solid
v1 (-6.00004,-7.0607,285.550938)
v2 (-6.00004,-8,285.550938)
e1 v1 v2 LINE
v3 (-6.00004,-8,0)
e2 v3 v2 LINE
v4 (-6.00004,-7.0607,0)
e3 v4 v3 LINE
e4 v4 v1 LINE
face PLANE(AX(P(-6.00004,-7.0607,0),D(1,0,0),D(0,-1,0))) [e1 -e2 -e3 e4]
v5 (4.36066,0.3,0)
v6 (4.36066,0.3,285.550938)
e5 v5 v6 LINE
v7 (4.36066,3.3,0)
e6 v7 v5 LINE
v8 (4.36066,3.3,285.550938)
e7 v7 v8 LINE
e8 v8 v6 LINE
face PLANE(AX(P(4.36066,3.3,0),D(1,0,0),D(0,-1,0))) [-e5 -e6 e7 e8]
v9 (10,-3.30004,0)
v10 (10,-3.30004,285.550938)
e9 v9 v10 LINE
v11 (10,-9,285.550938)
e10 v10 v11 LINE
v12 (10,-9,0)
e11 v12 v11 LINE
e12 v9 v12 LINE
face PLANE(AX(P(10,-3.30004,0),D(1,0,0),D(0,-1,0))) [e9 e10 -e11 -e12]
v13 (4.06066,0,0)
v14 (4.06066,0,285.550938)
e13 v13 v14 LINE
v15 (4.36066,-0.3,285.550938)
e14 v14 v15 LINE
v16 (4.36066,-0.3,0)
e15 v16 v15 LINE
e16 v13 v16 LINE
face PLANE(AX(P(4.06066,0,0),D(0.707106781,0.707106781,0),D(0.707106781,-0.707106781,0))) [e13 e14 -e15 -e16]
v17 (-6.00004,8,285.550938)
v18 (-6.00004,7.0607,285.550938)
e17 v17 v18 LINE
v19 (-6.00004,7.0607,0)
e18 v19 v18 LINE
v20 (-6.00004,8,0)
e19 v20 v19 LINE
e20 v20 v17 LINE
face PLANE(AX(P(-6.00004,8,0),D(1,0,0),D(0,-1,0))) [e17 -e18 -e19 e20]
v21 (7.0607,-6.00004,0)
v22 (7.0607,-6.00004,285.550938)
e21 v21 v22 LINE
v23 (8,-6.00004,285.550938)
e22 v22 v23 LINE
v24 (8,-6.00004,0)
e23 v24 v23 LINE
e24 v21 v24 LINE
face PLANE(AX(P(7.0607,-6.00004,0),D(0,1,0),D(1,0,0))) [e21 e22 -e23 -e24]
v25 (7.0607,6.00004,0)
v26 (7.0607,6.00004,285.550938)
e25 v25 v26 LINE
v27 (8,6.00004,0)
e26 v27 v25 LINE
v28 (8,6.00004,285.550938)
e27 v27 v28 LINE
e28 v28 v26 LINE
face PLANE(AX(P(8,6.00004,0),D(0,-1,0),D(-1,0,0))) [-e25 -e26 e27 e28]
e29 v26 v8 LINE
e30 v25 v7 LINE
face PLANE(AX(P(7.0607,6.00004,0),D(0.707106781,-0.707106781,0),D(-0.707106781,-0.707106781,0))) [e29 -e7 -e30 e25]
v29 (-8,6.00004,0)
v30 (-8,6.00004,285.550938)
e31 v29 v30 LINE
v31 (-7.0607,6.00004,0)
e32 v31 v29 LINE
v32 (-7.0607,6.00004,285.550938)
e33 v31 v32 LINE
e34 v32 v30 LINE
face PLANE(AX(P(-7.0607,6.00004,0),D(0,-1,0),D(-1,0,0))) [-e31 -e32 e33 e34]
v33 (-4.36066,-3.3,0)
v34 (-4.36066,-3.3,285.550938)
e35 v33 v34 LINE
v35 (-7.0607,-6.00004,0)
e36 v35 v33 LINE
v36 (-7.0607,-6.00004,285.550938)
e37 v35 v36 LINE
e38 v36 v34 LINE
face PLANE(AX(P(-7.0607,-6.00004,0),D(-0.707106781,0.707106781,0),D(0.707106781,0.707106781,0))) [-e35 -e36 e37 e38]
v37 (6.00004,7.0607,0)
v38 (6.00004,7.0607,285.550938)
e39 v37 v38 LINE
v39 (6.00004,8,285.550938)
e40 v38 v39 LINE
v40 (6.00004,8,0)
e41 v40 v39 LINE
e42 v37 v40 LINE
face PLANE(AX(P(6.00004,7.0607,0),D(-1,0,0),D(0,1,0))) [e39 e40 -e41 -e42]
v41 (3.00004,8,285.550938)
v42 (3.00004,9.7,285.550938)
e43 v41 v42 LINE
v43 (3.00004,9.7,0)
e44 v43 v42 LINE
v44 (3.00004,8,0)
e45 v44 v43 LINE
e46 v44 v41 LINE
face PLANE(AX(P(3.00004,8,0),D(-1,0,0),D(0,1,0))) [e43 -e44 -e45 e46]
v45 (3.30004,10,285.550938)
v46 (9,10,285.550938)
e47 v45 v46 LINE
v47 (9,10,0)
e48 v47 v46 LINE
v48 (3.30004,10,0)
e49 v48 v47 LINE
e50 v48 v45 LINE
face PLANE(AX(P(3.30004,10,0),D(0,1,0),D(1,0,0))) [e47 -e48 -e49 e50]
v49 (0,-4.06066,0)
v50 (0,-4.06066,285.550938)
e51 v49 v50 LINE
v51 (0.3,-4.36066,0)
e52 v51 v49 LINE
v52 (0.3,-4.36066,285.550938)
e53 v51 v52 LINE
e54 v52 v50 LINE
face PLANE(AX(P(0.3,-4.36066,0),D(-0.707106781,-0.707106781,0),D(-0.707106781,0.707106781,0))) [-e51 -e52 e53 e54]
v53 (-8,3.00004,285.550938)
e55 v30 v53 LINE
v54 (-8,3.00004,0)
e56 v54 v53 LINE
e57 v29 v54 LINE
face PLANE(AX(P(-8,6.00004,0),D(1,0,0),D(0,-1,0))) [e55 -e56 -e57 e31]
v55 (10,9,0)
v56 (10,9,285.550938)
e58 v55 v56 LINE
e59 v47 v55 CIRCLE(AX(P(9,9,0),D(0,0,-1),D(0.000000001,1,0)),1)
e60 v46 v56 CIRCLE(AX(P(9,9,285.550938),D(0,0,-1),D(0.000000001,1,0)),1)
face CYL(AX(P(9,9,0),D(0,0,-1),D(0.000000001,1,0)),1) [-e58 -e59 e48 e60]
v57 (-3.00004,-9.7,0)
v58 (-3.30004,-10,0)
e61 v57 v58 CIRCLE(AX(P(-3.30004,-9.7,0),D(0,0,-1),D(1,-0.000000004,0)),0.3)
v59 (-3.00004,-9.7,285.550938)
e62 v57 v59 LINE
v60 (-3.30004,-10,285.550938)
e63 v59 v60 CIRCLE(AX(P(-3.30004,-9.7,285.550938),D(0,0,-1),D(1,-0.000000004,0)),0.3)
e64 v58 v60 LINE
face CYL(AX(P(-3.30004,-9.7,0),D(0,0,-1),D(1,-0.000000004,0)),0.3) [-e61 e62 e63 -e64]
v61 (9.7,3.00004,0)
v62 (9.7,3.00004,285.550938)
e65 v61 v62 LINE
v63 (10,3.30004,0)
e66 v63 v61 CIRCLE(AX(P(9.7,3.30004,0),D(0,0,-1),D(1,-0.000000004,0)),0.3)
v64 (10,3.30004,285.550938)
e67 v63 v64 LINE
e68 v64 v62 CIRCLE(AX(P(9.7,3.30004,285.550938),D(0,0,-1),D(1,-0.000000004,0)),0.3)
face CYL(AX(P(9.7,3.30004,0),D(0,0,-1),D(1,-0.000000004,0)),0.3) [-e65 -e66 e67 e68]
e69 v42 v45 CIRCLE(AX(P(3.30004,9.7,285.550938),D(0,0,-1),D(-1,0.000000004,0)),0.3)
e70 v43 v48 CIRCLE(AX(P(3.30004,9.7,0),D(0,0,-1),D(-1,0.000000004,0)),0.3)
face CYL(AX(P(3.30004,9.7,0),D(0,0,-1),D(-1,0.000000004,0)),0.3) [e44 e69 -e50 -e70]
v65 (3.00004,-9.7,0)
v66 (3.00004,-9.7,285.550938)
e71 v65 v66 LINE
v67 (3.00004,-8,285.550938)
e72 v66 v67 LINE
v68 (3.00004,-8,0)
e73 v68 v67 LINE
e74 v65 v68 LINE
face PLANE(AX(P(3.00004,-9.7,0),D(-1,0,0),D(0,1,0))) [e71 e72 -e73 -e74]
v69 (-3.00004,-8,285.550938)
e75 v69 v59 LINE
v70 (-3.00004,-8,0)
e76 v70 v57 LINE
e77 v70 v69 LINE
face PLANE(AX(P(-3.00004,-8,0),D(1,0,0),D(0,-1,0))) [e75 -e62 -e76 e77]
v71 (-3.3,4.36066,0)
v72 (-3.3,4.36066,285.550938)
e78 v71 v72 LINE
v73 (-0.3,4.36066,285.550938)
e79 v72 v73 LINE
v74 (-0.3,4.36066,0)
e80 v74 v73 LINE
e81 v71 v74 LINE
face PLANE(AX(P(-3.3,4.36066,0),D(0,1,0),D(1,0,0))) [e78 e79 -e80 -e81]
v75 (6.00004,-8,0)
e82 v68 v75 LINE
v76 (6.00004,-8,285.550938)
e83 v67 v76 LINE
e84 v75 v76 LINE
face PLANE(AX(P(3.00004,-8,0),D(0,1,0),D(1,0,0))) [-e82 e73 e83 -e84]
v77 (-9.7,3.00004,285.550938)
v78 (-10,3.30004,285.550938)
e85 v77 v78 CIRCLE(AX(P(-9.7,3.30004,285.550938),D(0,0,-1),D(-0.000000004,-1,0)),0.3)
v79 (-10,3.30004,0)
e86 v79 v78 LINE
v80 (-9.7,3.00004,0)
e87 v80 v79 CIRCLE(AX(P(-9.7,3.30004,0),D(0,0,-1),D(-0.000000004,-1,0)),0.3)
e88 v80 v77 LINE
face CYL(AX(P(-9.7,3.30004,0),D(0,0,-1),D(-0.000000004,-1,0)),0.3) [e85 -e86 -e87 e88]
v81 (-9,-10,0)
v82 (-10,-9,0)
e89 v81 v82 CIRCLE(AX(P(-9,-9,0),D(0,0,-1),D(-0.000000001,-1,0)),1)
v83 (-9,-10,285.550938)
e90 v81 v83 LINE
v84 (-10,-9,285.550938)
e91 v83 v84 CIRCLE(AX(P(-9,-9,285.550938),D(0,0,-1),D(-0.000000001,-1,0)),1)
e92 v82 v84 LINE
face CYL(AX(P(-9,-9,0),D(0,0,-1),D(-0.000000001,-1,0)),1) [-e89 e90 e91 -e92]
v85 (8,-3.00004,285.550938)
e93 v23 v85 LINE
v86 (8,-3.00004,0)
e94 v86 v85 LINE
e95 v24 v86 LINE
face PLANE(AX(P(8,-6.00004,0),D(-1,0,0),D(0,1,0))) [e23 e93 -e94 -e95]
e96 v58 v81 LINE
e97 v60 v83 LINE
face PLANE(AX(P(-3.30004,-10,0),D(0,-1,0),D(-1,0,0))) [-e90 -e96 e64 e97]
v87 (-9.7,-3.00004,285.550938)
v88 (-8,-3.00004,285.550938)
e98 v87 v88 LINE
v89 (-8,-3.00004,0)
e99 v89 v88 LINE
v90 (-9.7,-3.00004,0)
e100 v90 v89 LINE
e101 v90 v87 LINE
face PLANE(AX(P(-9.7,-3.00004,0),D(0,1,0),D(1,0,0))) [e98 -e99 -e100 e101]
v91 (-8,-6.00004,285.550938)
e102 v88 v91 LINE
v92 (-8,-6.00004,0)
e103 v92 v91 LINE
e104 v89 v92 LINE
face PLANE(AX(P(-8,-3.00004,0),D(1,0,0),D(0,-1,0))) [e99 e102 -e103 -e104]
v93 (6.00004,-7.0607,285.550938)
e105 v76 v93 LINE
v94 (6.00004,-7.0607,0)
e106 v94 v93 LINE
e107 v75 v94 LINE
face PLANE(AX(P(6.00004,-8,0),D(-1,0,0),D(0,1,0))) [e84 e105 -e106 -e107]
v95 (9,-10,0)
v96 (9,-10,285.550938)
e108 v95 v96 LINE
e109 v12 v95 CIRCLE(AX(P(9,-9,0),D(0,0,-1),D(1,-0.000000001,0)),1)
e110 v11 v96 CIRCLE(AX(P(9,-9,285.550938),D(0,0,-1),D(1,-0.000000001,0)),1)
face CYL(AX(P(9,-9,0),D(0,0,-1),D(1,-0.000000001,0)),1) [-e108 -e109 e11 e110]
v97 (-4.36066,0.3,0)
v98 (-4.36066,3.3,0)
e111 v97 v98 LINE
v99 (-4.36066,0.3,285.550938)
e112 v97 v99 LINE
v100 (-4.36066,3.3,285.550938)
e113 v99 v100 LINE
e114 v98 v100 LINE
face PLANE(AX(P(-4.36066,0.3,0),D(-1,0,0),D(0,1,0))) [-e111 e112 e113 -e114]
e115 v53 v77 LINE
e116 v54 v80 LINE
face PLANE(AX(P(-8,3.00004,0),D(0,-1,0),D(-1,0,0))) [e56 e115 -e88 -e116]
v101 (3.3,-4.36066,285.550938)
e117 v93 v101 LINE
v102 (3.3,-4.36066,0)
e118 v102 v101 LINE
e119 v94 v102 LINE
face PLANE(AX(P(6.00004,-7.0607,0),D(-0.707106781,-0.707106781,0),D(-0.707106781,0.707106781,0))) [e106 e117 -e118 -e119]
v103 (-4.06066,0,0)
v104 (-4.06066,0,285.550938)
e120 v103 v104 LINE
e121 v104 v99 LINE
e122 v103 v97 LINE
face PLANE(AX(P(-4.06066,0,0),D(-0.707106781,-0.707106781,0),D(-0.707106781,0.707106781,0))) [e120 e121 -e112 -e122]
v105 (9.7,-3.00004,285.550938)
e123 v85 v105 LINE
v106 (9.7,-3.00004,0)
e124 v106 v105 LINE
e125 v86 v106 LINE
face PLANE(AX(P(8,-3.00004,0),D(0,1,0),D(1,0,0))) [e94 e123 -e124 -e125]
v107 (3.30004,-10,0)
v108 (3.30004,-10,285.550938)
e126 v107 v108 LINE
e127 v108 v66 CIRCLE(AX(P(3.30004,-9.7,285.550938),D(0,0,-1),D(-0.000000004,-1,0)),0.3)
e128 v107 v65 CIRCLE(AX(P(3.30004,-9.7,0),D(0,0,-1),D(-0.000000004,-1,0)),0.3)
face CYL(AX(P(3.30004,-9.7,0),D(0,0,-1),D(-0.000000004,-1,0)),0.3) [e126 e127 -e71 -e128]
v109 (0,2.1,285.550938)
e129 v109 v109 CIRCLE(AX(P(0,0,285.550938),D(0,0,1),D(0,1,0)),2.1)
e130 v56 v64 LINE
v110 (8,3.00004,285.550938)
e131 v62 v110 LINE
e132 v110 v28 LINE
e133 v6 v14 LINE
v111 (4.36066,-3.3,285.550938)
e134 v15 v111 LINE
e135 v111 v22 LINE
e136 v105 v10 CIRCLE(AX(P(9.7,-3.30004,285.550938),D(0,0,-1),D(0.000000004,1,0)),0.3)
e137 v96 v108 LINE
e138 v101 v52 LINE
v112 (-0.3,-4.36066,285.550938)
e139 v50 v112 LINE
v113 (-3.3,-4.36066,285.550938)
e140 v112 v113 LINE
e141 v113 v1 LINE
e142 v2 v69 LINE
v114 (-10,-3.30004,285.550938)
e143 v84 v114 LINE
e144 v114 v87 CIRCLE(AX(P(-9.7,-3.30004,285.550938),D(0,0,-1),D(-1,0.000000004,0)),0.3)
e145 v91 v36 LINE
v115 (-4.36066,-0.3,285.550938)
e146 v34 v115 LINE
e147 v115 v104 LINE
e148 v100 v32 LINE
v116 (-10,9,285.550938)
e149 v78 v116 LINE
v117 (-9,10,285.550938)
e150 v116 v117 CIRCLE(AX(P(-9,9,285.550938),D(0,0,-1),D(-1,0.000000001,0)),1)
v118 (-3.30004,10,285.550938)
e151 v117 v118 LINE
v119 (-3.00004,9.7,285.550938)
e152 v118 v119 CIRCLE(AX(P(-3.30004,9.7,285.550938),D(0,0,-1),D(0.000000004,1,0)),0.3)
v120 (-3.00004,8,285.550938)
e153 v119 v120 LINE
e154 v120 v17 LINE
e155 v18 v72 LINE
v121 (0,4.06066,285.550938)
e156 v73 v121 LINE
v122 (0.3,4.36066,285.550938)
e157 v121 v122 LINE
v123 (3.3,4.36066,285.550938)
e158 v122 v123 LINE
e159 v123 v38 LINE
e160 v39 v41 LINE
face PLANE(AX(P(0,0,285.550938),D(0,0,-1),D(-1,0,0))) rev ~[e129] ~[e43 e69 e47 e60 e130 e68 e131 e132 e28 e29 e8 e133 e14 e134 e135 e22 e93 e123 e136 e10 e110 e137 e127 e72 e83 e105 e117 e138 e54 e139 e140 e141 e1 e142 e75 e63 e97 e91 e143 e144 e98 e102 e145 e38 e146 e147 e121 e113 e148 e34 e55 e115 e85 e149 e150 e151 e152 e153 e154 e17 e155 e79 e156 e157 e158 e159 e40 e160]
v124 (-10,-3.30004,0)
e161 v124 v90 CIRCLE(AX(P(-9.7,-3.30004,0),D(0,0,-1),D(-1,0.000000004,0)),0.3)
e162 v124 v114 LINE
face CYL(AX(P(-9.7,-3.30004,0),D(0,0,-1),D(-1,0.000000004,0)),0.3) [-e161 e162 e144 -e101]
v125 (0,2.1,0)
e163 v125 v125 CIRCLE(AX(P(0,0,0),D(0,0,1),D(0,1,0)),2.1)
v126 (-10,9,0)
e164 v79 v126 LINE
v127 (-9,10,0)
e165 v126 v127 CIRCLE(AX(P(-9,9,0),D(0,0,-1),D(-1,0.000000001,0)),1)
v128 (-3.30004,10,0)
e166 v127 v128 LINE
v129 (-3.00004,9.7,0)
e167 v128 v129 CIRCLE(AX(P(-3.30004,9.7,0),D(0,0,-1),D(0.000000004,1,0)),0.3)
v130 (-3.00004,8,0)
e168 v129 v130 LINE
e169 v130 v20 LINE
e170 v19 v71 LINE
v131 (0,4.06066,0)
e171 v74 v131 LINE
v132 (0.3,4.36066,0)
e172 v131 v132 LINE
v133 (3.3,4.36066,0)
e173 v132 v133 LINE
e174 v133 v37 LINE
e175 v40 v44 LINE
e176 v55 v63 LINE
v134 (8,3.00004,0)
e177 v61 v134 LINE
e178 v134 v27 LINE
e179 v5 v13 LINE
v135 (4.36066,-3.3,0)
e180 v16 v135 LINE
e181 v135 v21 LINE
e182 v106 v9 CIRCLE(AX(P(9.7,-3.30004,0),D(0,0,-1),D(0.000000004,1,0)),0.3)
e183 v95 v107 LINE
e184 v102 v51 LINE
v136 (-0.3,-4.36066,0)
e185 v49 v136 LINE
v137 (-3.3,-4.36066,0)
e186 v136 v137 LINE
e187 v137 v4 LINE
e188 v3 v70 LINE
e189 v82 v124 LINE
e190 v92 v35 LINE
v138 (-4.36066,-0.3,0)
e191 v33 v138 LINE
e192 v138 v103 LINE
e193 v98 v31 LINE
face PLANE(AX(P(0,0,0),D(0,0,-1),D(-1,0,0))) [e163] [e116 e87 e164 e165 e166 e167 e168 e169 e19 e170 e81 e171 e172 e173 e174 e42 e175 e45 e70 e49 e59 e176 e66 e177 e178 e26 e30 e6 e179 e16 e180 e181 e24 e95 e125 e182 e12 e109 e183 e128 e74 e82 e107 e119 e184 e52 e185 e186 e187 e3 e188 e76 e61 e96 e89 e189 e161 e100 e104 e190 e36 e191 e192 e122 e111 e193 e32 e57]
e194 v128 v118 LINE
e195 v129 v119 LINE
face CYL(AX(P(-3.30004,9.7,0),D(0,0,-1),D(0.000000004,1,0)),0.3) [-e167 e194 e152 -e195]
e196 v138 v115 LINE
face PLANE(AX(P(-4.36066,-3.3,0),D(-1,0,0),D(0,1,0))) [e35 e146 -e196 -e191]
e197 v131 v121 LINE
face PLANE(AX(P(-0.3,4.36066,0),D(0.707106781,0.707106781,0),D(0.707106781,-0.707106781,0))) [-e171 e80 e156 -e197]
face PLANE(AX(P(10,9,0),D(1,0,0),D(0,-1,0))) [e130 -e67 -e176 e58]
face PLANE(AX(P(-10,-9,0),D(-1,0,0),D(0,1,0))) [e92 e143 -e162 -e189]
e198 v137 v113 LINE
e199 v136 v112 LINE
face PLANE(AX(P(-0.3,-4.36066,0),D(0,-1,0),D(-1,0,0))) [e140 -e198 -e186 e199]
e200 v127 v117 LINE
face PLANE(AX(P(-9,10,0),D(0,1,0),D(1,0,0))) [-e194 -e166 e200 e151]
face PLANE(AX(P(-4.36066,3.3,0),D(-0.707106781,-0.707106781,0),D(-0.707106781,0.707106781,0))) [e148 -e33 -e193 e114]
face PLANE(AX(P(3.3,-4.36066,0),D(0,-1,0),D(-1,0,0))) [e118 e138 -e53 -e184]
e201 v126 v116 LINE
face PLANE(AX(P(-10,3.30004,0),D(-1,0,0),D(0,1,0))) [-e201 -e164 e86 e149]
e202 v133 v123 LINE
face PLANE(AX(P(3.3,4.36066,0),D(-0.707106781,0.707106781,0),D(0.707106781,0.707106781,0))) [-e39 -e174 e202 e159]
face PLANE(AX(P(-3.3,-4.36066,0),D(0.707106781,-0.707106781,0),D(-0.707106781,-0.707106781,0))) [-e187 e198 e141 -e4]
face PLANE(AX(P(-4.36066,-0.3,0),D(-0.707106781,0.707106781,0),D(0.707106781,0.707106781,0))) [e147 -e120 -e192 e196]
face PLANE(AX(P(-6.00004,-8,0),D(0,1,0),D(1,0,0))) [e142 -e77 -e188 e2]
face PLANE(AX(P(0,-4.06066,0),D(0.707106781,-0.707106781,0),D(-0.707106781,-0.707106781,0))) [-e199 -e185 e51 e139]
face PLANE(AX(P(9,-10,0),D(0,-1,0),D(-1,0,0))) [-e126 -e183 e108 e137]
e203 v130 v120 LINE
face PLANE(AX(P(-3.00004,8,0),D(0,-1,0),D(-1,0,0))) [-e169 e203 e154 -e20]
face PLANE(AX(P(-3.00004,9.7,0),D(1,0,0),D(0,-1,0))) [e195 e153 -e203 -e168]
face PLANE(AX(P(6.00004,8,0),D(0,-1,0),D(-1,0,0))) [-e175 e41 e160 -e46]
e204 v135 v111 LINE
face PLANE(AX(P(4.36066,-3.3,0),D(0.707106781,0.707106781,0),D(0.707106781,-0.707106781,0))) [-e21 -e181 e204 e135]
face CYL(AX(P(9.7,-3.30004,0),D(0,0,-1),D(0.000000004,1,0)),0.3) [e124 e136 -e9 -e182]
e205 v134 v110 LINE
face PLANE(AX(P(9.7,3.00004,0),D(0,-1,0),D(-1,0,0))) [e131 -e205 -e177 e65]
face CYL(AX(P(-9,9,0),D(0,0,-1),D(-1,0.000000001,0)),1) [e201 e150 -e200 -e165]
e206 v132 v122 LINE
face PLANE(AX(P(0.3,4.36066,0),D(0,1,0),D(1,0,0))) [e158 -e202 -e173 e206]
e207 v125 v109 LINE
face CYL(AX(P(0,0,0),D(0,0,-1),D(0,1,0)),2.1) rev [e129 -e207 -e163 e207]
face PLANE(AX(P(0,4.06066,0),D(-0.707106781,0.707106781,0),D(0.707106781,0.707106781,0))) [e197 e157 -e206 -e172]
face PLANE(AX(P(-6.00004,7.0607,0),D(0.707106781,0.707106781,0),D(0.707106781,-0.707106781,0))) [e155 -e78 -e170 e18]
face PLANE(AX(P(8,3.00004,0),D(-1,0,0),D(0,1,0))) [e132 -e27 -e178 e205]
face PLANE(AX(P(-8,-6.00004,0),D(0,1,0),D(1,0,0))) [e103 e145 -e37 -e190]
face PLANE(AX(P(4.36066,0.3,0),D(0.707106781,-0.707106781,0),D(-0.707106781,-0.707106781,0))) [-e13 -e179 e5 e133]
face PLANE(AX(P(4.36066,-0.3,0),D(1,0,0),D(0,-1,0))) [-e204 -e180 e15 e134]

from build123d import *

# Parameters (mm, degrees)
SKETCH1_R           = 2.1
BOSS_EXTRUDE1_DEPTH = 285.550937794


with BuildPart() as part:
    # Sketch1 → Boss-Extrude1 (new body)
    with BuildSketch(Plane.XY):
        with BuildLine():
            Line((3.3, 4.360660172), (6.000039828, 7.0607))
            Line((6.000039828, 7.0607), (6.000039828, 8))
            Line((6.000039828, 8), (3.000039828, 8))
            Line((3.000039828, 8), (3.000039828, 9.7))
            ThreePointArc((3.000039828, 9.7), (3.087907794, 9.912132034), (3.300039828, 10))
            Line((3.300039828, 10), (9, 10))
            ThreePointArc((9, 10), (9.707106781, 9.707106781), (10, 9))
            Line((10, 9), (10, 3.300039828))
            ThreePointArc((10, 3.300039828), (9.912132034, 3.087907794), (9.7, 3.000039828))
            Line((9.7, 3.000039828), (8, 3.000039828))
            Line((8, 3.000039828), (8, 6.000039828))
            Line((8, 6.000039828), (7.0607, 6.000039828))
            Line((7.0607, 6.000039828), (4.360660172, 3.3))
            Line((4.360660172, 3.3), (4.360660172, 0.3))
            Line((4.360660172, 0.3), (4.060660172, 0))
            Line((4.060660172, 0), (4.360660172, -0.3))
            Line((4.360660172, -0.3), (4.360660172, -3.3))
            Line((4.360660172, -3.3), (7.0607, -6.000039828))
            Line((7.0607, -6.000039828), (8, -6.000039828))
            Line((8, -6.000039828), (8, -3.000039828))
            Line((8, -3.000039828), (9.7, -3.000039828))
            ThreePointArc((9.7, -3.000039828), (9.912132034, -3.087907794), (10, -3.300039828))
            Line((10, -3.300039828), (10, -9))
            ThreePointArc((10, -9), (9.707106781, -9.707106781), (9, -10))
            Line((9, -10), (3.300039828, -10))
            ThreePointArc((3.300039828, -10), (3.087907794, -9.912132034), (3.000039828, -9.7))
            Line((3.000039828, -9.7), (3.000039828, -8))
            Line((3.000039828, -8), (6.000039828, -8))
            Line((6.000039828, -8), (6.000039828, -7.0607))
            Line((6.000039828, -7.0607), (3.3, -4.360660172))
            Line((3.3, -4.360660172), (0.3, -4.360660172))
            Line((0.3, -4.360660172), (0, -4.060660172))
            Line((0, -4.060660172), (-0.3, -4.360660172))
            Line((-0.3, -4.360660172), (-3.3, -4.360660172))
            Line((-3.3, -4.360660172), (-6.000039828, -7.0607))
            Line((-6.000039828, -7.0607), (-6.000039828, -8))
            Line((-6.000039828, -8), (-3.000039828, -8))
            Line((-3.000039828, -8), (-3.000039828, -9.7))
            ThreePointArc((-3.000039828, -9.7), (-3.087907794, -9.912132034), (-3.300039828, -10))
            Line((-3.300039828, -10), (-9, -10))
            ThreePointArc((-9, -10), (-9.707106781, -9.707106781), (-10, -9))
            Line((-10, -9), (-10, -3.300039828))
            ThreePointArc((-10, -3.300039828), (-9.912132034, -3.087907794), (-9.7, -3.000039828))
            Line((-9.7, -3.000039828), (-8, -3.000039828))
            Line((-8, -3.000039828), (-8, -6.000039828))
            Line((-8, -6.000039828), (-7.0607, -6.000039828))
            Line((-7.0607, -6.000039828), (-4.360660172, -3.3))
            Line((-4.360660172, -3.3), (-4.360660172, -0.3))
            Line((-4.360660172, -0.3), (-4.060660172, 0))
            Line((-4.060660172, 0), (-4.360660172, 0.3))
            Line((-4.360660172, 0.3), (-4.360660172, 3.3))
            Line((-4.360660172, 3.3), (-7.0607, 6.000039828))
            Line((-7.0607, 6.000039828), (-8, 6.000039828))
            Line((-8, 6.000039828), (-8, 3.000039828))
            Line((-8, 3.000039828), (-9.7, 3.000039828))
            ThreePointArc((-9.7, 3.000039828), (-9.912132034, 3.087907794), (-10, 3.300039828))
            Line((-10, 3.300039828), (-10, 9))
            ThreePointArc((-10, 9), (-9.707106781, 9.707106781), (-9, 10))
            Line((-9, 10), (-3.300039828, 10))
            ThreePointArc((-3.300039828, 10), (-3.087907794, 9.912132034), (-3.000039828, 9.7))
            Line((-3.000039828, 9.7), (-3.000039828, 8))
            Line((-3.000039828, 8), (-6.000039828, 8))
            Line((-6.000039828, 8), (-6.000039828, 7.0607))
            Line((-6.000039828, 7.0607), (-3.3, 4.360660172))
            Line((-3.3, 4.360660172), (-0.3, 4.360660172))
            Line((-0.3, 4.360660172), (0, 4.060660172))
            Line((0, 4.060660172), (0.3, 4.360660172))
            Line((0.3, 4.360660172), (3.3, 4.360660172))
        make_face()
        with Locations(Location((0, 0, 0), (0, 0, 90))):
            Circle(SKETCH1_R, mode=Mode.SUBTRACT)
    extrude(amount=BOSS_EXTRUDE1_DEPTH)


solid = part.part
